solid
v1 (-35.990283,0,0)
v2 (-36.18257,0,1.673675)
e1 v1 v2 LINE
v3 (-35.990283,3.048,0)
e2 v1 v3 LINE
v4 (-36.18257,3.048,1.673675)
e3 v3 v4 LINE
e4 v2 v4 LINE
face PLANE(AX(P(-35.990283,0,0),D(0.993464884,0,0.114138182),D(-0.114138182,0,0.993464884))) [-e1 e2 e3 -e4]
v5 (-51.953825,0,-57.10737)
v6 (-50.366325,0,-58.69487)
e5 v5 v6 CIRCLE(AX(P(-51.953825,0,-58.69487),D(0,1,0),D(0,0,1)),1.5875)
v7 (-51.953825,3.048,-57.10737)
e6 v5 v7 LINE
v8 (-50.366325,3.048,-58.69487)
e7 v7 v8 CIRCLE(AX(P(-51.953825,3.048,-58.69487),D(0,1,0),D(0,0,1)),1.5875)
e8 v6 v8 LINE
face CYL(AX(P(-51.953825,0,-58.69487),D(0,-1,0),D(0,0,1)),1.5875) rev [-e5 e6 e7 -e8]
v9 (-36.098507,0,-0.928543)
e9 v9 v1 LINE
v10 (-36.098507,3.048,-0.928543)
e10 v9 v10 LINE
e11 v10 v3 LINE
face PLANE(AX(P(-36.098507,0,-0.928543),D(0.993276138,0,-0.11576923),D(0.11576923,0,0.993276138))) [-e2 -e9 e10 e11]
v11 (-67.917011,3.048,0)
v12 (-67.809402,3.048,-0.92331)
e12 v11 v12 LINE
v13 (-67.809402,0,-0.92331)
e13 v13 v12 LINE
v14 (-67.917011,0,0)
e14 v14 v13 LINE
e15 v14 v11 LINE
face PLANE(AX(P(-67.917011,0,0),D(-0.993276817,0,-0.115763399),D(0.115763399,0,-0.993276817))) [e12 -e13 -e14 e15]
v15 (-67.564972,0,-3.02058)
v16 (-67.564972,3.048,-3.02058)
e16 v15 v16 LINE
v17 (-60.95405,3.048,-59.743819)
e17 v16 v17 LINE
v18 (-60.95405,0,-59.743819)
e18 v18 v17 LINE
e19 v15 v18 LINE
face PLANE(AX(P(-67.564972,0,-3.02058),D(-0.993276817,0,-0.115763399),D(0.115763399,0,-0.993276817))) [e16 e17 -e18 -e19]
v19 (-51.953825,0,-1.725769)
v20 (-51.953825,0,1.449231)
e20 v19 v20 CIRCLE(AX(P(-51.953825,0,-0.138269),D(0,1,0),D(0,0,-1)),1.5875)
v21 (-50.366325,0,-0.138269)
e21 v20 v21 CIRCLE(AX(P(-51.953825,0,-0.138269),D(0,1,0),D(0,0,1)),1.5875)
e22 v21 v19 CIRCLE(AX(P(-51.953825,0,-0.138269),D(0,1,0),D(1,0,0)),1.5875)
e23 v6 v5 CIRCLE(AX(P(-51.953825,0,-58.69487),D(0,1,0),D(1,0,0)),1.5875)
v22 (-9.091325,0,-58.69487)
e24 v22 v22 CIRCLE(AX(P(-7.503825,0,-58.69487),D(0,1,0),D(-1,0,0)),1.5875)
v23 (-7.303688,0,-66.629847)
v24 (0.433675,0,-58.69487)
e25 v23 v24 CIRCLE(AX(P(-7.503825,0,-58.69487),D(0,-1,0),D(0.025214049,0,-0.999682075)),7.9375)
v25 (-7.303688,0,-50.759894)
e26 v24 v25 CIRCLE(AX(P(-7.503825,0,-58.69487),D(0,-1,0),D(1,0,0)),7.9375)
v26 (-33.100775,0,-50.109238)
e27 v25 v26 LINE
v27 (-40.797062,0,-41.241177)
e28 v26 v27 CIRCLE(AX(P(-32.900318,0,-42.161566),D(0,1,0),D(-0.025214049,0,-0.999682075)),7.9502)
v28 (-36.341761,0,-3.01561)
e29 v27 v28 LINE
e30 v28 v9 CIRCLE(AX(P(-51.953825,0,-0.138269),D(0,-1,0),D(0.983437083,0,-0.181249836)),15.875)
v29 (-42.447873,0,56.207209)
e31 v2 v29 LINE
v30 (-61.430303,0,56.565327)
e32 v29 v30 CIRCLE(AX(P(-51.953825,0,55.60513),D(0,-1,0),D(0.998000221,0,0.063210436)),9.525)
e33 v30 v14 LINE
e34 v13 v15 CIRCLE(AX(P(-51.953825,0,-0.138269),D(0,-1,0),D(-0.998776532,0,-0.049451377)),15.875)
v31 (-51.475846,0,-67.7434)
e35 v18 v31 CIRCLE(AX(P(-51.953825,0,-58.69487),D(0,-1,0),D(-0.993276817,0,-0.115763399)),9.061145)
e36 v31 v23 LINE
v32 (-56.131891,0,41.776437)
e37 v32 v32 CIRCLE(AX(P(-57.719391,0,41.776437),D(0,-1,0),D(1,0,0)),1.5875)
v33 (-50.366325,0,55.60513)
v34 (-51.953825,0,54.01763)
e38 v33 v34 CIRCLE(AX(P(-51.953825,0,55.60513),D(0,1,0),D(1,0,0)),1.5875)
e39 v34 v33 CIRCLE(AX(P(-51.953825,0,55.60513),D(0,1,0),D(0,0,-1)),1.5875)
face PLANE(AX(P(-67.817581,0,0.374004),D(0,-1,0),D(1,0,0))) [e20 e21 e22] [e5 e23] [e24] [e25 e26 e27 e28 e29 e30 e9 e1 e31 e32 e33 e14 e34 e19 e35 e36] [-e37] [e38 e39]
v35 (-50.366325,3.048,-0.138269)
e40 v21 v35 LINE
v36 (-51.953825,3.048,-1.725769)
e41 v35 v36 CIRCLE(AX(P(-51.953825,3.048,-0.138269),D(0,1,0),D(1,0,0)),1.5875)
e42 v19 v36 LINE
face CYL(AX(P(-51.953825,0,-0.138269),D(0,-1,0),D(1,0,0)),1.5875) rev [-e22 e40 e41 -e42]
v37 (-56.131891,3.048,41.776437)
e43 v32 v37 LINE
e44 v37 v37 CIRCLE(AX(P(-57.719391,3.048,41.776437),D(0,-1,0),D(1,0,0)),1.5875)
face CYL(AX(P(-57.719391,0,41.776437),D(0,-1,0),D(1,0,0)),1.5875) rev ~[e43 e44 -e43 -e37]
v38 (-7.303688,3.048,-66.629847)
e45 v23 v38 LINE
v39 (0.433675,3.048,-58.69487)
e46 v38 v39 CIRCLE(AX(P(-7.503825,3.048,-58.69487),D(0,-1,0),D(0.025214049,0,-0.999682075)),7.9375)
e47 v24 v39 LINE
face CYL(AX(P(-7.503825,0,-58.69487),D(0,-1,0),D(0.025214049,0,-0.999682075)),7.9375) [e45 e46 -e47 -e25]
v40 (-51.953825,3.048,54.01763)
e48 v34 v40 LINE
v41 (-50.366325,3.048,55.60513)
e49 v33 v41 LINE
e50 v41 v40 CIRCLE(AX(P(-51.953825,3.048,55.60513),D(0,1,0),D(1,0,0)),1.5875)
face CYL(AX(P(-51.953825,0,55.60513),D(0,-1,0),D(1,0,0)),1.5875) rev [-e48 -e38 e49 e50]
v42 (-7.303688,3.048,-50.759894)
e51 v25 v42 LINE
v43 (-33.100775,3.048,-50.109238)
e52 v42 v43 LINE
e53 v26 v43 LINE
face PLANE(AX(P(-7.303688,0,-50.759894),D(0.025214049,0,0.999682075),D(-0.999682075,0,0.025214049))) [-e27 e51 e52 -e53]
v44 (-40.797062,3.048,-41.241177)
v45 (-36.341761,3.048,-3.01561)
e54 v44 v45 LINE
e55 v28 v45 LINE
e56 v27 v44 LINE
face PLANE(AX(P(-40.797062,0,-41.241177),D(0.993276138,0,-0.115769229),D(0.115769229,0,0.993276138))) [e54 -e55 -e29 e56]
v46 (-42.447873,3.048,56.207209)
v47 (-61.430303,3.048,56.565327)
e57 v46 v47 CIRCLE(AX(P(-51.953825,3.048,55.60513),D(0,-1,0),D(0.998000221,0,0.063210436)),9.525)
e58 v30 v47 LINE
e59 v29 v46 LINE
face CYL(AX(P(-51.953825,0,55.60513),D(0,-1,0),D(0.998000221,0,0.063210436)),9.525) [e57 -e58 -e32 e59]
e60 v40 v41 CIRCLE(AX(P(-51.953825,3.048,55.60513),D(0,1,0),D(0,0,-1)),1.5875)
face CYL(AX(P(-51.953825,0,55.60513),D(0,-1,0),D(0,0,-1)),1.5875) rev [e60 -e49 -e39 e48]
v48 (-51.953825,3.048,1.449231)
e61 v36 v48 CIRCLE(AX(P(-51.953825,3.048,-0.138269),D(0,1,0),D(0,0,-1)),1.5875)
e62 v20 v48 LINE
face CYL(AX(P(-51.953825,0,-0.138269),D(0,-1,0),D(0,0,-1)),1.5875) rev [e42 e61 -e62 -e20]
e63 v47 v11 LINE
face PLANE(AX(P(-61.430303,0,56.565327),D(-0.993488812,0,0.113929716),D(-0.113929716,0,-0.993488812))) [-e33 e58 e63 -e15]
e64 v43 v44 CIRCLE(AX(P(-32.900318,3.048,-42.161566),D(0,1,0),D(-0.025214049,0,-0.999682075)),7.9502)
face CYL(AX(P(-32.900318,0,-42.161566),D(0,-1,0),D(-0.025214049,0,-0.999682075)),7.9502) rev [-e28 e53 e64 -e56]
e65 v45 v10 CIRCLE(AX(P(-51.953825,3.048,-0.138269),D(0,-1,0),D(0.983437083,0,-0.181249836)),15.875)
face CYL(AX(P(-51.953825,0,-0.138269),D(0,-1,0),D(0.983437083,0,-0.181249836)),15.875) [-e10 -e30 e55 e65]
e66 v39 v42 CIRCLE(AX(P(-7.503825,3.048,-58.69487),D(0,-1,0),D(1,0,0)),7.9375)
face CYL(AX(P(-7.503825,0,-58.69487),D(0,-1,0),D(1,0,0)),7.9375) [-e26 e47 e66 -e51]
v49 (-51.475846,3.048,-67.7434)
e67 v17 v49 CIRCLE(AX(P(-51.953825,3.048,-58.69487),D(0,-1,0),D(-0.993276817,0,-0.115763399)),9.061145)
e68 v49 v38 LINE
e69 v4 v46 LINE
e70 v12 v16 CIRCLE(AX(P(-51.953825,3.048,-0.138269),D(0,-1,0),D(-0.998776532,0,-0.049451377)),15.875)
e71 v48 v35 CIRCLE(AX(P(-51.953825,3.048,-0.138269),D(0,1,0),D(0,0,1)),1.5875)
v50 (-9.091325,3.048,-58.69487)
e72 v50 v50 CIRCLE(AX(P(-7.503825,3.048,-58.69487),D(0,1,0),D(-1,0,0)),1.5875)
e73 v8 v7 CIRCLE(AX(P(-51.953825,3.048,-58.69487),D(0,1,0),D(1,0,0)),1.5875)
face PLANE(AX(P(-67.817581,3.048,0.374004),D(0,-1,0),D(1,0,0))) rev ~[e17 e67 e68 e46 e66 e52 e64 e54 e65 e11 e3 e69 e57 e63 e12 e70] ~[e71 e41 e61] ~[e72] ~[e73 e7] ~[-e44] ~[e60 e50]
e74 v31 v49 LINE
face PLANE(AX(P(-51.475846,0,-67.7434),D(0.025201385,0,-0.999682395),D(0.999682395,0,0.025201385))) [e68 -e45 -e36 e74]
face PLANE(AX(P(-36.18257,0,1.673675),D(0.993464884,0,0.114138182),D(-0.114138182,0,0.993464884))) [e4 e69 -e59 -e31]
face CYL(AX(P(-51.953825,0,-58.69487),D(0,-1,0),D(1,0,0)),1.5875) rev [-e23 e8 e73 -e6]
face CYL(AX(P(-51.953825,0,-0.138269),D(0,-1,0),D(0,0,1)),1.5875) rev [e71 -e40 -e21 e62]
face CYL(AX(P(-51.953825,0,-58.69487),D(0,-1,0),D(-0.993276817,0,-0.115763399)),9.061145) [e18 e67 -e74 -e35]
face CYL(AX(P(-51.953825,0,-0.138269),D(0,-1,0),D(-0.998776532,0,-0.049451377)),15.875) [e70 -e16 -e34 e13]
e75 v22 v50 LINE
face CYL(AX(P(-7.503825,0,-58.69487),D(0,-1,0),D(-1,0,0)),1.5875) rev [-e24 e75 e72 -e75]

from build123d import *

# Parameters (mm, degrees)
F0_R     = 1.5875
F1_DEPTH = 3.048


with BuildPart() as f1:
    # F0 (on Front) → F1 (new body)
    with BuildSketch(Plane.XZ):
        with BuildLine():
            ThreePointArc((-67.8094022876, -0.9233095032), (-67.8205172303, 0.3752460004), (-67.725459736, 1.6703653041))
            Line((-67.725459736, 1.6703653041), (-67.9170112082, 0))
            Line((-67.9170112082, 0), (-67.8094022876, -0.9233095032))
        make_face()
        with BuildLine():
            Line((-67.564971831, -3.0205795261), (-67.8094022876, -0.9233095032))
            ThreePointArc((-67.8094022876, -0.9233095032), (-67.722094311, -1.9760128489), (-67.564971831, -3.0205795261))
        make_face()
        with BuildLine():
            ThreePointArc((-36.3417611399, -3.0156100395), (-36.1855661543, -1.9761054113), (-36.098507364, -0.928542758))
            Line((-36.098507364, -0.928542758), (-36.3417611399, -3.0156100395))
        make_face()
        with BuildLine():
            Line((-35.9902829986, 0), (-36.1825698065, 1.6736747348))
            ThreePointArc((-36.1825698065, 1.6736747348), (-36.1047823023, 0.7691867156), (-36.0788248386, -0.1382688937))
            ThreePointArc((-36.0788248386, -0.1382688937), (-36.0837462327, -0.5335283599), (-36.098507364, -0.928542758))
            Line((-36.098507364, -0.928542758), (-35.9902829986, 0))
        make_face()
        with BuildLine():
            ThreePointArc((-42.4288248386, 55.6051295638), (-45.2186327478, 48.869937473), (-51.9538248386, 46.0801295638))
            Line((-51.9538248386, 46.0801295638), (-51.9538248386, 15.7367311063))
            ThreePointArc((-51.9538248386, 15.7367311063), (-41.3885274008, 11.7103645739), (-36.1825698065, 1.6736747348))
            Line((-36.1825698065, 1.6736747348), (-42.4478727353, 56.2072089691))
            ThreePointArc((-42.4478727353, 56.2072089691), (-42.4335880037, 55.9063198826), (-42.4288248386, 55.6051295638))
        make_face()
        with BuildLine():
            Line((-51.9538248386, -49.6337251783), (-51.9538248386, -16.0132688937))
            ThreePointArc((-51.9538248386, -16.0132688937), (-62.1090930209, -12.3401602695), (-67.564971831, -3.0205795261))
            Line((-67.564971831, -3.0205795261), (-60.9540503602, -59.7438194078))
            ThreePointArc((-60.9540503602, -59.7438194078), (-58.7217282209, -52.6699358148), (-51.9538248386, -49.6337251783))
        make_face()
        with BuildLine():
            Line((-15.4413248386, -58.6948704362), (-42.8926795806, -58.6948704362))
            ThreePointArc((-42.8926795806, -58.6948704362), (-45.3798082727, -64.9307873357), (-51.4758461607, -67.7434001382))
            Line((-51.4758461607, -67.7434001382), (-7.3036883214, -66.6298469097))
            ThreePointArc((-7.3036883214, -66.629846909), (-13.0452742268, -64.3778489622), (-15.4413248386, -58.6948704362))
        make_face()
        with BuildLine():
            ThreePointArc((-61.430303389, 56.565327087), (-59.0203482556, 49.2184346599), (-51.9538248386, 46.0801295638))
            ThreePointArc((-51.9538248386, 46.0801295638), (-45.2186327478, 48.869937473), (-42.4288248386, 55.6051295638))
            ThreePointArc((-42.4288248386, 55.6051295638), (-42.4335880037, 55.9063198826), (-42.4478727353, 56.2072089691))
            ThreePointArc((-42.4478727353, 56.2072089691), (-51.7741603758, 65.1284349606), (-61.430303389, 56.565327087))
        make_face()
        with BuildLine():
            ThreePointArc((-50.3663248386, 55.6051295638), (-50.8312928234, 54.4825975487), (-51.9538248386, 54.0176295638))
            ThreePointArc((-51.9538248386, 54.0176295638), (-53.0763568537, 56.7276615789), (-50.3663248386, 55.6051295638))
        make_face(mode=Mode.SUBTRACT)
        with BuildLine():
            ThreePointArc((-7.3036883214, -50.7598939634), (-13.0452742268, -53.0118919101), (-15.4413248386, -58.6948704362))
            ThreePointArc((-15.4413248386, -58.6948704362), (-13.0452742268, -64.3778489622), (-7.3036883214, -66.629846909))
            ThreePointArc((-7.3036883214, -66.629846909), (-1.8208463125, -64.2363198244), (0.4336751614, -58.6948704362))
            ThreePointArc((0.4336751614, -58.6948704362), (-1.8208463125, -53.1534210479), (-7.3036883214, -50.7598939634))
        make_face()
        with BuildLine():
            ThreePointArc((-5.9163248386, -58.6948704362), (-7.5038248386, -60.2823704362), (-9.0913248386, -58.6948704362))
            ThreePointArc((-9.0913248386, -58.6948704362), (-7.5038248386, -57.1073704362), (-5.9163248386, -58.6948704362))
        make_face(mode=Mode.SUBTRACT)
        with BuildLine():
            Line((-51.9538248386, 15.7367311063), (-51.9538248386, 46.0801295638))
            ThreePointArc((-51.9538248386, 46.0801295638), (-59.0203482556, 49.2184346599), (-61.430303389, 56.565327087))
            Line((-61.430303389, 56.565327087), (-67.725459736, 1.6703653041))
            ThreePointArc((-67.725459736, 1.6703653041), (-62.5203653583, 11.7092560143), (-51.9538248386, 15.7367311063))
        make_face()
        with Locations((-57.7193908393, 41.7764373124)):
            Circle(F0_R, mode=Mode.SUBTRACT)
        with BuildLine():
            Line((-51.9538248386, -57.1073704362), (-51.9538248386, -49.6337251783))
            ThreePointArc((-51.9538248386, -49.6337251783), (-58.7217282209, -52.6699358148), (-60.9540503602, -59.7438194078))
            ThreePointArc((-60.9540503602, -59.7438194078), (-57.7980951764, -65.6193817982), (-51.4758461607, -67.7434001382))
            ThreePointArc((-51.4758461607, -67.7434001382), (-45.3798082727, -64.9307873357), (-42.8926795806, -58.6948704362))
            Line((-42.8926795806, -58.6948704362), (-50.3663248386, -58.6948704362))
            ThreePointArc((-50.3663248386, -58.6948704362), (-53.0763568537, -59.8174024513), (-51.9538248386, -57.1073704362))
        make_face()
        with BuildLine():
            ThreePointArc((-36.3417611399, -3.0156100395), (-41.7966147317, -12.3385438023), (-51.9538248386, -16.0132688937))
            Line((-51.9538248386, -16.0132688937), (-51.9538248386, -49.6337251783))
            ThreePointArc((-51.9538248386, -49.6337251783), (-45.5466275814, -52.287673179), (-42.8926795806, -58.6948704362))
            Line((-42.8926795806, -58.6948704362), (-15.4413248386, -58.6948704362))
            ThreePointArc((-15.4413248386, -58.6948704362), (-13.0452742268, -53.0118919101), (-7.3036883214, -50.7598939634))
            Line((-7.3036883214, -50.7598939634), (-33.1007752051, -50.1092380805))
            ThreePointArc((-33.1007752051, -50.1092380805), (-38.9046328387, -47.3725050037), (-40.7970624186, -41.2411771173))
            Line((-40.7970624186, -41.2411771173), (-36.3417611399, -3.0156100395))
        make_face()
        with BuildLine():
            ThreePointArc((-36.1825698065, 1.6736747348), (-41.3885274008, 11.7103645739), (-51.9538248386, 15.7367311063))
            Line((-51.9538248386, 15.7367311063), (-51.9538248386, 1.4492311063))
            ThreePointArc((-51.9538248386, 1.4492311063), (-50.8312928234, 0.9842631214), (-50.3663248386, -0.1382688937))
            ThreePointArc((-50.3663248386, -0.1382688937), (-50.8312928234, -1.2608009089), (-51.9538248386, -1.7257688937))
            Line((-51.9538248386, -1.7257688937), (-51.9538248386, -16.0132688937))
            ThreePointArc((-51.9538248386, -16.0132688937), (-41.7966147317, -12.3385438023), (-36.3417611399, -3.0156100395))
            Line((-36.3417611399, -3.0156100395), (-36.098507364, -0.928542758))
            ThreePointArc((-36.098507364, -0.928542758), (-36.0837462327, -0.5335283599), (-36.0788248386, -0.1382688937))
            ThreePointArc((-36.0788248386, -0.1382688937), (-36.1047823023, 0.7691867156), (-36.1825698065, 1.6736747348))
        make_face()
        with BuildLine():
            Line((-51.9538248386, 1.4492311063), (-51.9538248386, 15.7367311063))
            ThreePointArc((-51.9538248386, 15.7367311063), (-62.5203653583, 11.7092560143), (-67.725459736, 1.6703653041))
            ThreePointArc((-67.725459736, 1.6703653041), (-67.8205172303, 0.3752460004), (-67.8094022876, -0.9233095032))
            Line((-67.8094022876, -0.9233095032), (-67.564971831, -3.0205795261))
            ThreePointArc((-67.564971831, -3.0205795261), (-62.1090930209, -12.3401602695), (-51.9538248386, -16.0132688937))
            Line((-51.9538248386, -16.0132688937), (-51.9538248386, -1.7257688937))
            ThreePointArc((-51.9538248386, -1.7257688937), (-53.5413248386, -0.1382688937), (-51.9538248386, 1.4492311063))
        make_face()
        with BuildLine():
            ThreePointArc((-42.8926795806, -58.6948704362), (-45.5466275814, -52.287673179), (-51.9538248386, -49.6337251783))
            Line((-51.9538248386, -49.6337251783), (-51.9538248386, -57.1073704362))
            ThreePointArc((-51.9538248386, -57.1073704362), (-50.8312928234, -57.5723384211), (-50.3663248386, -58.6948704362))
            Line((-50.3663248386, -58.6948704362), (-42.8926795806, -58.6948704362))
        make_face()
    extrude(amount=-F1_DEPTH)


solid = f1.part
